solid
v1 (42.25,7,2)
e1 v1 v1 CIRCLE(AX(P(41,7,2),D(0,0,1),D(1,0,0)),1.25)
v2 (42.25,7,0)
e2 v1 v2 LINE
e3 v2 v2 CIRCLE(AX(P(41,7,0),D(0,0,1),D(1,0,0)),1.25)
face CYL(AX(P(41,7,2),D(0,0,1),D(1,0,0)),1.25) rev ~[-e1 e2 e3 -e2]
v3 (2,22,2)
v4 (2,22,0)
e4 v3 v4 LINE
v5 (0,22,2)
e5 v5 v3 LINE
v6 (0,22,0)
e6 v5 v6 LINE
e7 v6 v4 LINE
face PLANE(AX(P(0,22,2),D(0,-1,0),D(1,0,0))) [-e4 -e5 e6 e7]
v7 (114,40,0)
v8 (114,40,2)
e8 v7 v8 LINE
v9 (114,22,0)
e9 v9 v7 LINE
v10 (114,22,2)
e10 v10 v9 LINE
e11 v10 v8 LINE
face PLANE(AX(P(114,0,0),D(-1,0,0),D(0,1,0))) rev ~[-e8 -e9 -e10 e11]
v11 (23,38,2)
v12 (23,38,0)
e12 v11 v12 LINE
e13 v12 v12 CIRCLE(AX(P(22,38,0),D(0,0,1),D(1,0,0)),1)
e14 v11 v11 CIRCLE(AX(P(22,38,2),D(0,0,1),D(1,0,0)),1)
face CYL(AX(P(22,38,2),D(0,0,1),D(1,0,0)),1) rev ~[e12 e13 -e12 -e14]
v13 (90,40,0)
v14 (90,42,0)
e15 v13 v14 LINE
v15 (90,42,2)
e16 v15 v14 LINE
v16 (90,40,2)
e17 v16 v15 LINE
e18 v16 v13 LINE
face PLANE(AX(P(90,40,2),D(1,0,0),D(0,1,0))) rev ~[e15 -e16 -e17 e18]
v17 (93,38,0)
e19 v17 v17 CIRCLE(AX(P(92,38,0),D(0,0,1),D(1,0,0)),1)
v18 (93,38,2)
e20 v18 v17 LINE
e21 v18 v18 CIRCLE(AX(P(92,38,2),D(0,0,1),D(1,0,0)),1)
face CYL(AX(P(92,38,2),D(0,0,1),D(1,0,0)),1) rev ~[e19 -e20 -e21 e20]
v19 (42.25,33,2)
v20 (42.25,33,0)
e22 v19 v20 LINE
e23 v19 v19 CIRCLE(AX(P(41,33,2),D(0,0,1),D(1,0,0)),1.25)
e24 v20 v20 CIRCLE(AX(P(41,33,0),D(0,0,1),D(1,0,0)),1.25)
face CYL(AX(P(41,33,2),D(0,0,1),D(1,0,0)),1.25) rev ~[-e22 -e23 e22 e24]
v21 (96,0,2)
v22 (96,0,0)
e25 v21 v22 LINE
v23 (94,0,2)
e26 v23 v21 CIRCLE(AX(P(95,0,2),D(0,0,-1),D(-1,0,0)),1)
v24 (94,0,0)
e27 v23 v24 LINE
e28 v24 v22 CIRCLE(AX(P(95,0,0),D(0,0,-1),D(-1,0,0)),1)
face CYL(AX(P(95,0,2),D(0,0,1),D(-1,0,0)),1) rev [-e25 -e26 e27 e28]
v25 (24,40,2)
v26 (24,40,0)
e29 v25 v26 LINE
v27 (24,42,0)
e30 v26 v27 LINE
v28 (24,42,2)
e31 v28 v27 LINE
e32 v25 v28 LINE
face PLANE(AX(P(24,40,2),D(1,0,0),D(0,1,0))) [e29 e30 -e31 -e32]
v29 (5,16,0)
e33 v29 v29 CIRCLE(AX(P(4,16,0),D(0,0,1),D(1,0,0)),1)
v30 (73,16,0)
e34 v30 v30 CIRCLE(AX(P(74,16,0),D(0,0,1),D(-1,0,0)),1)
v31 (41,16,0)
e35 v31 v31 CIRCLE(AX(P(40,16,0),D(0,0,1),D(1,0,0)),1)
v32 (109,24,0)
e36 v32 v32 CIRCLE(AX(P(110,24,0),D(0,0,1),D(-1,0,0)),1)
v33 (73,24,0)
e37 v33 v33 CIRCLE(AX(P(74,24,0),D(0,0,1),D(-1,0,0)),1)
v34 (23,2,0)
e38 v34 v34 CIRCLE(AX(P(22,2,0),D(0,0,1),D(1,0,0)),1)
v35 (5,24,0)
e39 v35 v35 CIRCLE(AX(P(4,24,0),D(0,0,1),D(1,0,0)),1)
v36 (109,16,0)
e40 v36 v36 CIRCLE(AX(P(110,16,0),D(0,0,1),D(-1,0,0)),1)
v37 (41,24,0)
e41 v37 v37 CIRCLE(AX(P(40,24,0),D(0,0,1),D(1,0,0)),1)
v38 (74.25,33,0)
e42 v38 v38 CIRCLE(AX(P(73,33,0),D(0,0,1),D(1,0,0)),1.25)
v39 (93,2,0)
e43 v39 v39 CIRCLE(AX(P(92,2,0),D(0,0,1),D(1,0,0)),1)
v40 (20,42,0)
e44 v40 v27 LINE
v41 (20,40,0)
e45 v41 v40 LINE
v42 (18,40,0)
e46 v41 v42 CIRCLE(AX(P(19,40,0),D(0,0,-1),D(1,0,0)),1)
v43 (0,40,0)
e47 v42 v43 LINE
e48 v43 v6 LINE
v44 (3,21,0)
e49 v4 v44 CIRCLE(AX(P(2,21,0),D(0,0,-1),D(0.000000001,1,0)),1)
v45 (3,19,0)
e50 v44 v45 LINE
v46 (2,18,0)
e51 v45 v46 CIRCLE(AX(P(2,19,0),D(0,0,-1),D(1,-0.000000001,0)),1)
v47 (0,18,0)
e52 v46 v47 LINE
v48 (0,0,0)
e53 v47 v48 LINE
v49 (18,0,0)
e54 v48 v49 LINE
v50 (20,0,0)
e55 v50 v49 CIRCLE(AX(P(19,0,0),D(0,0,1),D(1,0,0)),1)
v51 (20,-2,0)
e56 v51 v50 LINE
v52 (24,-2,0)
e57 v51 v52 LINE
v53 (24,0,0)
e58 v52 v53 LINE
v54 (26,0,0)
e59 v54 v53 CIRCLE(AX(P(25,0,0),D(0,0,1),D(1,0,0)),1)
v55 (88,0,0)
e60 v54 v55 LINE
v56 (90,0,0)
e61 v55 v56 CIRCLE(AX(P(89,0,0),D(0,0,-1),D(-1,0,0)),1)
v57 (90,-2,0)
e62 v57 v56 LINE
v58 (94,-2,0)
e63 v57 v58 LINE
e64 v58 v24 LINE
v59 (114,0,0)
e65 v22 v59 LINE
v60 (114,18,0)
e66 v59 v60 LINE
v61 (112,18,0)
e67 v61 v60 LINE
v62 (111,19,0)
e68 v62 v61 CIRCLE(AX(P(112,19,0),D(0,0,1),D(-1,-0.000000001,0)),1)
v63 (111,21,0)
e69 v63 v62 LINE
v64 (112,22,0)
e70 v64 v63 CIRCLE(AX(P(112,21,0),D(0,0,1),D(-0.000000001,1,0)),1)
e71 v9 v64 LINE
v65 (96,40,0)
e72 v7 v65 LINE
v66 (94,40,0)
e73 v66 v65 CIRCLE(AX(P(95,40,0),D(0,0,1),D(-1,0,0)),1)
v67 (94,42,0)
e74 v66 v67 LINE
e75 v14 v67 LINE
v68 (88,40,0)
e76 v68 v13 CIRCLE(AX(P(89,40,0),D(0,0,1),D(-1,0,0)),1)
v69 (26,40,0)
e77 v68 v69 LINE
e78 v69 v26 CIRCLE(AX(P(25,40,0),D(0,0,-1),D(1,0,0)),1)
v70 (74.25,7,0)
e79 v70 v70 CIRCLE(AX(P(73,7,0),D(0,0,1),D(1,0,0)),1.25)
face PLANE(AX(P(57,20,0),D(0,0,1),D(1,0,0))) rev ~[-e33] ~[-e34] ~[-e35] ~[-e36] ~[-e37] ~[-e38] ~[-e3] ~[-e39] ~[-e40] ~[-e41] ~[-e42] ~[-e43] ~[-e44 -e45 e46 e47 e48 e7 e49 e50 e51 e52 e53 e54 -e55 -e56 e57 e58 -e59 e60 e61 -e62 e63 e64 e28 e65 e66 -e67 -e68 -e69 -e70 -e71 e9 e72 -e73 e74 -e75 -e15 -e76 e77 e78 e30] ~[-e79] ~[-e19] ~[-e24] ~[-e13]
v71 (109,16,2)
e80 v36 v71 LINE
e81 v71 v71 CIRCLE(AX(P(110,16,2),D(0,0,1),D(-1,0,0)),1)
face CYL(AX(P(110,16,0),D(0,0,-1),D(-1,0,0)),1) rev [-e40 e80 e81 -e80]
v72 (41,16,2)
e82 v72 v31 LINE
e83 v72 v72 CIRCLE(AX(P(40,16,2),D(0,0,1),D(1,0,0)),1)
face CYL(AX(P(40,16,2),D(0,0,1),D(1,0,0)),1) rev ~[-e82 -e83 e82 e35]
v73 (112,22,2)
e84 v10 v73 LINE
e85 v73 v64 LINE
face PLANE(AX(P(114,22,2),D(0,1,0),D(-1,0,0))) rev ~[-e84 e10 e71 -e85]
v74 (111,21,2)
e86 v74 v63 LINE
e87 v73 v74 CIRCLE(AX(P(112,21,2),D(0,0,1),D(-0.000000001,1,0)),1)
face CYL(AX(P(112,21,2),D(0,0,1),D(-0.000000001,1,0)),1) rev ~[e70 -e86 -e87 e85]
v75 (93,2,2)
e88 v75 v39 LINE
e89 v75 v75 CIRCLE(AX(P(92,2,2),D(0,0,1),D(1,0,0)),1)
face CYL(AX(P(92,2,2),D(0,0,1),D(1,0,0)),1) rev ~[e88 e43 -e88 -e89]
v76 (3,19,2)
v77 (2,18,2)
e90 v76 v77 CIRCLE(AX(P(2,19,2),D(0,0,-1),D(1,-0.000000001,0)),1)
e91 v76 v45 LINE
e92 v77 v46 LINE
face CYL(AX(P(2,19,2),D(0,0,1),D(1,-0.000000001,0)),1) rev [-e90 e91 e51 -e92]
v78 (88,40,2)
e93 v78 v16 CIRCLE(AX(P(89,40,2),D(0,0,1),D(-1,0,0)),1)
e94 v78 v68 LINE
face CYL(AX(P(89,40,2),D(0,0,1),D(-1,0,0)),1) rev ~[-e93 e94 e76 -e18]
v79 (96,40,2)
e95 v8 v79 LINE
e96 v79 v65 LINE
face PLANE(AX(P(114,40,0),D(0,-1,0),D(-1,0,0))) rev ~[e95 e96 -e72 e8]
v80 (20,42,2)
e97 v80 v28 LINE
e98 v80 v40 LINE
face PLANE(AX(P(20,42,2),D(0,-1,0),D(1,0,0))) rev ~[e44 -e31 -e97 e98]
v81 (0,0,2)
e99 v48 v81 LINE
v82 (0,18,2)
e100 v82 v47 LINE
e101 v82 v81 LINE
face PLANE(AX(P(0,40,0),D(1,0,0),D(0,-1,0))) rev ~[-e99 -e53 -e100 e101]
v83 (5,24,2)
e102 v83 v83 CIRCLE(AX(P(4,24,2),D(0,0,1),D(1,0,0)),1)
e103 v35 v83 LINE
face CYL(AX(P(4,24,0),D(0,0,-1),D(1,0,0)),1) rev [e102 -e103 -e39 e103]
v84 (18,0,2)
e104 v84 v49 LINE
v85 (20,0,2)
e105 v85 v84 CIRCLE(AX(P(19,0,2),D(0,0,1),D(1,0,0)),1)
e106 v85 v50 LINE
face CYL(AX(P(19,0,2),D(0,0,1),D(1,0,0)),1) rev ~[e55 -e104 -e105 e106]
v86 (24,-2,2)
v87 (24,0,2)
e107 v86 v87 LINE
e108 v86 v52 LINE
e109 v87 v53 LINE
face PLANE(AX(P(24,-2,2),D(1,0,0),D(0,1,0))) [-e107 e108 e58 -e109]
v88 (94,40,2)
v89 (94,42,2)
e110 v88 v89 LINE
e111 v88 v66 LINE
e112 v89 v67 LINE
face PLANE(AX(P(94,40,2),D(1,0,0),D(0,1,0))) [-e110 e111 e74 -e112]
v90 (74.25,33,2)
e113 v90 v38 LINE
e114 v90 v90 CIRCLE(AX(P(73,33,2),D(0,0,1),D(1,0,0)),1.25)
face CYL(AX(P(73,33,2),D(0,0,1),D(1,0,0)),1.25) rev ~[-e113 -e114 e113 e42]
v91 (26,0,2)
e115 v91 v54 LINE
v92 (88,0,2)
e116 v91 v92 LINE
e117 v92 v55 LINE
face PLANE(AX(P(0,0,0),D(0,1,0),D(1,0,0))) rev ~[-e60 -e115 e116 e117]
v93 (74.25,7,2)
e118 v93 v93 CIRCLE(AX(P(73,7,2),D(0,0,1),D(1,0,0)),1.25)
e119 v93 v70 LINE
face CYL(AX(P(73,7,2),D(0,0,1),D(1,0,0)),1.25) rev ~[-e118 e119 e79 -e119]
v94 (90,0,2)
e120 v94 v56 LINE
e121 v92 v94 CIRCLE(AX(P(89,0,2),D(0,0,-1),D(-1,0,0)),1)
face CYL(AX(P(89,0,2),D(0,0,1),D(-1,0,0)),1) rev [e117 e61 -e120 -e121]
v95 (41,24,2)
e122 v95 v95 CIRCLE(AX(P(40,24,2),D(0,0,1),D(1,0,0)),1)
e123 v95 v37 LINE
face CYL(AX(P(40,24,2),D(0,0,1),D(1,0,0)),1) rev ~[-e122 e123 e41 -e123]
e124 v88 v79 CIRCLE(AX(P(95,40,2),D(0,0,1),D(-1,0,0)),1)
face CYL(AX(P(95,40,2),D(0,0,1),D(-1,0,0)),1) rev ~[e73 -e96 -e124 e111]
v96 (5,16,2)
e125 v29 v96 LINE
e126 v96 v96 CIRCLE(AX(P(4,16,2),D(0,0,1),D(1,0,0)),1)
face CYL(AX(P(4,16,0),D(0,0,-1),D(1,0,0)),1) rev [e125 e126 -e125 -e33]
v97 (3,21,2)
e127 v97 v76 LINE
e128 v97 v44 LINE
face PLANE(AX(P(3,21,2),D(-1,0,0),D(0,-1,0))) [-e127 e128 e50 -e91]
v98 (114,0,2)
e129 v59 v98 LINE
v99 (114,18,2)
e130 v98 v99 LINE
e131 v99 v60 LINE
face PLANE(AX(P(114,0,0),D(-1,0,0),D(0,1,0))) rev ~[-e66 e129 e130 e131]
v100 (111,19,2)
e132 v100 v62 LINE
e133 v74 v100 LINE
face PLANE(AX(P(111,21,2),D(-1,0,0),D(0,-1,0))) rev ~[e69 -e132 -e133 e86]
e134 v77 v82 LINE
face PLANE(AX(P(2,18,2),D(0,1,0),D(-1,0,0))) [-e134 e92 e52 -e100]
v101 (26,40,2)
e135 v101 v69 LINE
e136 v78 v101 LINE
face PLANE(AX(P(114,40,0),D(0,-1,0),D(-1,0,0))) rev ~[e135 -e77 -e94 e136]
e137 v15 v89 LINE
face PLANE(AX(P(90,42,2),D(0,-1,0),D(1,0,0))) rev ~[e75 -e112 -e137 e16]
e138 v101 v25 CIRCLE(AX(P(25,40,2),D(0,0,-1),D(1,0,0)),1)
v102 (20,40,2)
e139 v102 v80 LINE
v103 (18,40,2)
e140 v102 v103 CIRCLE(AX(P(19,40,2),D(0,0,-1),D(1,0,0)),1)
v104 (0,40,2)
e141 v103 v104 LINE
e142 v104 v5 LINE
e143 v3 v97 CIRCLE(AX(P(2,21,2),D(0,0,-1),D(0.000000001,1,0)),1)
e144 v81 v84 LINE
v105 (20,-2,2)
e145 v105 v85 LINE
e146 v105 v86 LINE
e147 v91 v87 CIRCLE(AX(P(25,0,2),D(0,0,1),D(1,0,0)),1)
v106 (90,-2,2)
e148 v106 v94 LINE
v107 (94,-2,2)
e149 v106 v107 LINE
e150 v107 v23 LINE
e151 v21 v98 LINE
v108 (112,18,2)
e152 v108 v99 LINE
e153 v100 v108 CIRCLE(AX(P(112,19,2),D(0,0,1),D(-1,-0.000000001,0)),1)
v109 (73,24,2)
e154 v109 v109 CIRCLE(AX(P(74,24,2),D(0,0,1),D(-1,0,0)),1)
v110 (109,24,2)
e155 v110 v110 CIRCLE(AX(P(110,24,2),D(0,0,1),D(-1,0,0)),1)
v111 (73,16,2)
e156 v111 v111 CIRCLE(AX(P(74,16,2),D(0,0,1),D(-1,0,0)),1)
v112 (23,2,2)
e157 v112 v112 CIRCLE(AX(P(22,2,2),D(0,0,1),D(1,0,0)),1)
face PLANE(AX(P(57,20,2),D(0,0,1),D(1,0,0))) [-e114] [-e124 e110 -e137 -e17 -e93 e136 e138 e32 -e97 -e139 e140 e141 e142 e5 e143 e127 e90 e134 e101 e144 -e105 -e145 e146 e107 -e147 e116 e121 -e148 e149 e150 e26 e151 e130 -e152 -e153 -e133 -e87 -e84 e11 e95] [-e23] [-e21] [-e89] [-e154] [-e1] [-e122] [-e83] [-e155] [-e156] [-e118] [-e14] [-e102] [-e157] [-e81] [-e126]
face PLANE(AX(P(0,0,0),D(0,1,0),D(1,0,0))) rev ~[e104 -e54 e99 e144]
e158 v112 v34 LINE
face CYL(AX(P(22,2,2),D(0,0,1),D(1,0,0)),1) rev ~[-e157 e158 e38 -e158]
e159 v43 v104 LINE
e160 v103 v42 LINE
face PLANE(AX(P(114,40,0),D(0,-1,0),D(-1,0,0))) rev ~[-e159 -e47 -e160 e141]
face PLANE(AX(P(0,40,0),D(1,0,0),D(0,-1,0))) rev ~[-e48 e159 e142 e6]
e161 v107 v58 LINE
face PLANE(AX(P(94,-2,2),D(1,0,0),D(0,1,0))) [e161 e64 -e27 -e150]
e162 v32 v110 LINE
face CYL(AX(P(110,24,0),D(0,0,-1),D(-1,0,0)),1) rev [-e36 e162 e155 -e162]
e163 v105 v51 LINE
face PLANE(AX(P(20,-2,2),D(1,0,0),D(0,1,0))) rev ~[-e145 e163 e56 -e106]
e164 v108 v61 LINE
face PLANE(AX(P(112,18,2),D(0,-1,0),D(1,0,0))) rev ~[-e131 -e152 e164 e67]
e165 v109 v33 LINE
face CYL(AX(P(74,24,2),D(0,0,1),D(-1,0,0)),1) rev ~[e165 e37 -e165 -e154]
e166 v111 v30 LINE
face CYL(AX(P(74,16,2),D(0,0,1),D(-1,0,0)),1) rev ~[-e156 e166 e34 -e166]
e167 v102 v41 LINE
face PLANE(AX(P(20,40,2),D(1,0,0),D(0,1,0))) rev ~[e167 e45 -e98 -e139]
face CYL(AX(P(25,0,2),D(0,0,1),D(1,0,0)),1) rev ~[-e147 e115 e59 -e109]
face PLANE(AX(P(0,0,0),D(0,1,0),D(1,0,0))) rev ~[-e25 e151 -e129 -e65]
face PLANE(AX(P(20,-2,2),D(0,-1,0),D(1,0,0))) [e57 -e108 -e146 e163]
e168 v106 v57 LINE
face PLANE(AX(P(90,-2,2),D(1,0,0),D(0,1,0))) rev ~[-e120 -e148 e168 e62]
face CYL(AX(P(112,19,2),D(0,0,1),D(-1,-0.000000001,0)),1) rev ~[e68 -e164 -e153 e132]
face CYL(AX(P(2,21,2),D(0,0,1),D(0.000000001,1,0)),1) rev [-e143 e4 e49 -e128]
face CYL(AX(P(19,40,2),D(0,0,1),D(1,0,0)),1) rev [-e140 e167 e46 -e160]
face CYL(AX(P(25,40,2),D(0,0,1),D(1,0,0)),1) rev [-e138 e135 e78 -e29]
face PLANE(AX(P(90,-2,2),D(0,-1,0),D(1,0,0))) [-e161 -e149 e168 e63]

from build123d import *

# Parameters (mm, degrees)
SKETCH_3_R          = 1
EXTRUDE_3_DEPTH     = 2
SKETCH_4_R          = 1
CUT_EXTRUDE_2_DEPTH = 2
SKETCH_6_R          = 1.25
CUT_EXTRUDE_6_DEPTH = 2
SKETCH_7_R          = 1
CUT_EXTRUDE_7_DEPTH = 10
SKETCH_8_W          = 4
SKETCH_8_H          = 2
EXTRUDE_6_DEPTH     = 2
CUT_EXTRUDE_8_DEPTH = 2


with BuildPart() as part:
    # 草圖3 → 填料-伸長3 (new body)
    with BuildSketch(Plane.XY):
        Polygon((1, 40), (0, 40), (0, 39), (0, 1), (0, 0), (1, 0), (113, 0), (114, 0), (114, 1), (114, 39), (114, 40), (113, 40), align=None)
        with Locations((4, 24)):
            Circle(SKETCH_3_R, mode=Mode.SUBTRACT)
        with Locations((4, 16)):
            Circle(SKETCH_3_R, mode=Mode.SUBTRACT)
        with Locations(Location((110, 16, 0), (0, 0, 180))):
            Circle(SKETCH_3_R, mode=Mode.SUBTRACT)
        with Locations(Location((110, 24, 0), (0, 0, 180))):
            Circle(SKETCH_3_R, mode=Mode.SUBTRACT)
    extrude(amount=EXTRUDE_3_DEPTH)

    # 草圖4 → 除料-伸長2 (cut)
    with BuildSketch(Plane.XY.offset(2)):
        with Locations((40, 24)):
            Circle(SKETCH_4_R)
        with Locations((40, 16)):
            Circle(SKETCH_4_R)
        with Locations(Location((74, 16, 0), (0, 0, 180))):
            Circle(SKETCH_4_R)
        with Locations(Location((74, 24, 0), (0, 0, 180))):
            Circle(SKETCH_4_R)
    extrude(amount=-CUT_EXTRUDE_2_DEPTH, mode=Mode.SUBTRACT)

    # 草圖6 → 除料-伸長6 (cut)
    with BuildSketch(Plane.XY.offset(2)):
        with Locations((41, 33)):
            Circle(SKETCH_6_R)
        with Locations((73, 33)):
            Circle(SKETCH_6_R)
        with Locations((73, 7)):
            Circle(SKETCH_6_R)
        with Locations((41, 7)):
            Circle(SKETCH_6_R)
    extrude(amount=-CUT_EXTRUDE_6_DEPTH, mode=Mode.SUBTRACT)

    # 草圖7 → 除料-伸長7 (cut)
    with BuildSketch(Plane.XY.offset(2)):
        with Locations((22, 38)):
            Circle(SKETCH_7_R)
        with Locations((92, 38)):
            Circle(SKETCH_7_R)
        with Locations((92, 2)):
            Circle(SKETCH_7_R)
        with Locations((22, 2)):
            Circle(SKETCH_7_R)
    extrude(amount=-CUT_EXTRUDE_7_DEPTH, mode=Mode.SUBTRACT)

    # 草圖8 → 填料-伸長6 (add)
    with BuildSketch(Plane.XY.offset(2)):
        with Locations((22, 41)):
            Rectangle(SKETCH_8_W, SKETCH_8_H)
        with Locations((22, -1)):
            Rectangle(SKETCH_8_W, SKETCH_8_H)
        with Locations((92, -1)):
            Rectangle(SKETCH_8_W, SKETCH_8_H)
        with Locations((92, 41)):
            Rectangle(SKETCH_8_W, SKETCH_8_H)
    extrude(amount=-EXTRUDE_6_DEPTH)

    # 草圖9 → 除料-伸長8 (cut)
    with BuildSketch(Plane.XY.offset(2)):
        with BuildLine():
            Line((0, 22), (2, 22))
            ThreePointArc((2, 22), (2.707106781, 21.707106781), (3, 21))
            Line((3, 21), (3, 19))
            ThreePointArc((3, 19), (2.707106781, 18.292893219), (2, 18))
            Line((2, 18), (0, 18))
            Line((0, 18), (0, 22))
        make_face()
        with BuildLine():
            Line((18, 40), (20, 40))
            ThreePointArc((20, 40), (19, 39), (18, 40))
        make_face()
        with BuildLine():
            Line((24, 40), (26, 40))
            ThreePointArc((26, 40), (25, 39), (24, 40))
        make_face()
        with BuildLine():
            Line((18, 0), (20, 0))
            ThreePointArc((20, 0), (19, 1), (18, 0))
        make_face()
        with BuildLine():
            Line((24, 0), (26, 0))
            ThreePointArc((26, 0), (25, 1), (24, 0))
        make_face()
        with BuildLine():
            Line((90, 0), (88, 0))
            ThreePointArc((88, 0), (89, 1), (90, 0))
        make_face()
        with BuildLine():
            Line((96, 0), (94, 0))
            ThreePointArc((94, 0), (95, 1), (96, 0))
        make_face()
        with BuildLine():
            Line((90, 40), (88, 40))
            ThreePointArc((88, 40), (89, 39), (90, 40))
        make_face()
        with BuildLine():
            Line((111, 21), (111, 19))
            ThreePointArc((111, 19), (111.292893219, 18.292893219), (112, 18))
            Line((112, 18), (114, 18))
            Line((114, 18), (114, 22))
            Line((114, 22), (112, 22))
            ThreePointArc((112, 22), (111.292893219, 21.707106781), (111, 21))
        make_face()
        with BuildLine():
            Line((96, 40), (94, 40))
            ThreePointArc((94, 40), (95, 39), (96, 40))
        make_face()
    extrude(amount=-CUT_EXTRUDE_8_DEPTH, mode=Mode.SUBTRACT)


solid = part.part
